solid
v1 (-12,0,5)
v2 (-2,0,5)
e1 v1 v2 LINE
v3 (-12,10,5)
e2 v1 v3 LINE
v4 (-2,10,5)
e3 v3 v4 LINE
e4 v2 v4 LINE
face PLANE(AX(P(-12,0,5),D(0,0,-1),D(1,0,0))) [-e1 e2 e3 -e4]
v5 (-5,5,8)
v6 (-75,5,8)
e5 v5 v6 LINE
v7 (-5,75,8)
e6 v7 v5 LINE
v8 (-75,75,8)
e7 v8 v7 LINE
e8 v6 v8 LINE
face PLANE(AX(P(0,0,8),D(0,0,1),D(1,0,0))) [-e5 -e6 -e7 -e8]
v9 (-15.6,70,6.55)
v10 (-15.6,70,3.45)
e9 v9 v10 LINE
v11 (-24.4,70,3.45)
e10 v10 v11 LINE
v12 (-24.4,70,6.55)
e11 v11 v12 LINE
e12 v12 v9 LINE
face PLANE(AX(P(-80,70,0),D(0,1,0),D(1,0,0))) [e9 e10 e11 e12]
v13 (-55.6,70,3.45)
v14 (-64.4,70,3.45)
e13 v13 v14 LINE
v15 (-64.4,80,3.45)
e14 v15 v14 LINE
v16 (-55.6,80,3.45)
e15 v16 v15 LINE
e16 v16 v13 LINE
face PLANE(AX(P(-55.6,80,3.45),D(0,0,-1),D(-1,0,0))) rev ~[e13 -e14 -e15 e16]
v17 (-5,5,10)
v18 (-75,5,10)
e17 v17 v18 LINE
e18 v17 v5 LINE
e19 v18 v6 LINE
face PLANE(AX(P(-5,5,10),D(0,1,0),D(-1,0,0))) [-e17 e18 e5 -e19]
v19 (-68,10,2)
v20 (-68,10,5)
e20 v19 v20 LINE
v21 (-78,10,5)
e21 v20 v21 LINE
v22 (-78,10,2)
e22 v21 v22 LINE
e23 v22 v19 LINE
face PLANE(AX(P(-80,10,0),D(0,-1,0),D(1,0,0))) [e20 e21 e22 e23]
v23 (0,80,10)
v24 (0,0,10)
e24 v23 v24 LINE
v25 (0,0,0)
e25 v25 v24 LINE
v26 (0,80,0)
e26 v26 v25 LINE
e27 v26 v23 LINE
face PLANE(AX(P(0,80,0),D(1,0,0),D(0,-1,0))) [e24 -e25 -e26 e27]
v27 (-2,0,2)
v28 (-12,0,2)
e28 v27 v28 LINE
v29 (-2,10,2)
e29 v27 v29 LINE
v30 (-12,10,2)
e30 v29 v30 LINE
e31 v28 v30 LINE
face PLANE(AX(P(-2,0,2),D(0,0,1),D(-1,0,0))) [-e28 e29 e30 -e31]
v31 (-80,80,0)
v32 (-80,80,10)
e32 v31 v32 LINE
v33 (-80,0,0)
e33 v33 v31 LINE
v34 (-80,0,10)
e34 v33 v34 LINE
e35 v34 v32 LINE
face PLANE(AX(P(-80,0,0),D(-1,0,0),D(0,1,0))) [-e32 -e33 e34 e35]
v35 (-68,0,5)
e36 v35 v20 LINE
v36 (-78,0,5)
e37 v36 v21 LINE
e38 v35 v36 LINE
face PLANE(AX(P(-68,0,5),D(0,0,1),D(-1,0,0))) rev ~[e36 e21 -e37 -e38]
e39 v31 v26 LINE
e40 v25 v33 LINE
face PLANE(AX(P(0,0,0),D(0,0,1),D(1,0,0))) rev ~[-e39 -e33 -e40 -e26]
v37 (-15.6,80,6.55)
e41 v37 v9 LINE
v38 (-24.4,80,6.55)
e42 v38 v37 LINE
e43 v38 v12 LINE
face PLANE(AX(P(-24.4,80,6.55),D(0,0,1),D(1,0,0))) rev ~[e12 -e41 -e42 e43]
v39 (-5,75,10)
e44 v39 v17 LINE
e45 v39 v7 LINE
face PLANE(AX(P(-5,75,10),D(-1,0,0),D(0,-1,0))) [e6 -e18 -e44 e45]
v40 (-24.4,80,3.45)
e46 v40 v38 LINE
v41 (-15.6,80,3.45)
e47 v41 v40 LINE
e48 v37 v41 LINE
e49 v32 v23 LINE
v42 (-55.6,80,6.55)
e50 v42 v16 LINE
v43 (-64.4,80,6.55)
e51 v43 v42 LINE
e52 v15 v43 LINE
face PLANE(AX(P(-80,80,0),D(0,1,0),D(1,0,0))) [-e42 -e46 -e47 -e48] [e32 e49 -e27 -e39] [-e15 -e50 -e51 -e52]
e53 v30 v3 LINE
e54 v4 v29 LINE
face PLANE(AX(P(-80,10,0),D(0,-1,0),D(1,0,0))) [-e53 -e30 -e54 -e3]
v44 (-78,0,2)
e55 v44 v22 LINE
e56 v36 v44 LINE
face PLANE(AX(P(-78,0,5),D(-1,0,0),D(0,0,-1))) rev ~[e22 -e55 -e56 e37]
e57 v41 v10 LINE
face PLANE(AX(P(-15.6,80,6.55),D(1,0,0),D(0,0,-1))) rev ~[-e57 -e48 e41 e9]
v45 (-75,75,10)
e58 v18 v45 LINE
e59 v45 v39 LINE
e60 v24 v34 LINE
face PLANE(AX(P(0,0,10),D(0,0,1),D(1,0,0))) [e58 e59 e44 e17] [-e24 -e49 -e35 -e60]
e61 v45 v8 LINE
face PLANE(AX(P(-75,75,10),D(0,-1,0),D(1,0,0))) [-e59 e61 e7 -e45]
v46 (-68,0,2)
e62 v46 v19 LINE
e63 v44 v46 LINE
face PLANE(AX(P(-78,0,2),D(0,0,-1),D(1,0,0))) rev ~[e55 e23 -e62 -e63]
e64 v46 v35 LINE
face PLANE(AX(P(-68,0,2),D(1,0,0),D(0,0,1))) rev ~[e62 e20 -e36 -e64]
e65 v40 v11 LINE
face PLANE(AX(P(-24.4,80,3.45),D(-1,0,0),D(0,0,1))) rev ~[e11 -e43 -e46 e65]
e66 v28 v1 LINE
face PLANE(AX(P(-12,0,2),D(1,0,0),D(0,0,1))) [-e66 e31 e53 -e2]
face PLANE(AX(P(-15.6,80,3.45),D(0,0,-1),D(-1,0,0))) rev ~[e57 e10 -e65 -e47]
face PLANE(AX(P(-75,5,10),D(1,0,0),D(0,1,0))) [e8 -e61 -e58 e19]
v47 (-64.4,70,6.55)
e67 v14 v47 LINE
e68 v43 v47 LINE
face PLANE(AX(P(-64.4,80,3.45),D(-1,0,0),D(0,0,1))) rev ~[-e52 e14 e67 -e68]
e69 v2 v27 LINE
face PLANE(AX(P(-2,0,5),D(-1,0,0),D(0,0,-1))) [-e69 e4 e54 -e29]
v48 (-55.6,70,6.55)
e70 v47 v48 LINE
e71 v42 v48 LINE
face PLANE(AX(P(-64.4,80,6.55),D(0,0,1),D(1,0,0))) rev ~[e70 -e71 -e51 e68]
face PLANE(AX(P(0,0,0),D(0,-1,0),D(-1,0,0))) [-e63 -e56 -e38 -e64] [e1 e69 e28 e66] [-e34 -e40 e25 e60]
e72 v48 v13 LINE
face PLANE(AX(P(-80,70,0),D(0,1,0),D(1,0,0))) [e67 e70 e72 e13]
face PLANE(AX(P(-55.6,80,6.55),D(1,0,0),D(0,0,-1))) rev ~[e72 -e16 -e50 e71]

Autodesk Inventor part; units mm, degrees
ref_plane "YZ Plane" through (0, 0, 0) normal (1, 0, 0) x (0, 1, 0)
ref_plane "XZ Plane" through (0, 0, 0) normal (0, 1, 0) x (-1, 0, 0)
ref_plane "XY Plane" through (0, 0, 0) normal (0, 0, 1) x (1, 0, 0)
sketch "Sketch1" plane through (0, 0, 0) normal (0, 0, 1) x (1, 0, 0)
  line L0 (0, 0) -> (-80, 0)
  line L1 (-80, 0) -> (-80, 80)
  line L2 (-80, 80) -> (0, 80)
  line L3 (0, 80) -> (0, 0)
  line L4 (-75, 75) -> (-5, 75)
  line L5 (-5, 75) -> (-5, 5)
  line L6 (-5, 5) -> (-75, 5)
  line L7 (-75, 5) -> (-75, 75)
  dimension "d0" = 80
  dimension "d1" = 80
  dimension "d2" = 70
  dimension "d3" = 70
extrude "Extrusion1" add sketch "Sketch1" along normal blind 10 contours L0 L1 L2 L3 | L4 L5 L6 L7
sketch "Sketch2" plane through (-80, 80, 0) normal (0, 1, 0) x (1, 0, 0)
  line L0 (24.4, -3.45) -> (15.6, -3.45)
  line L1 (15.6, -3.45) -> (15.6, -6.55)
  line L2 (15.6, -6.55) -> (24.4, -6.55)
  line L3 (24.4, -6.55) -> (24.4, -3.45)
  line L4 (64.4, -3.45) -> (55.6, -3.45)
  line L5 (55.6, -3.45) -> (55.6, -6.55)
  line L6 (55.6, -6.55) -> (64.4, -6.55)
  line L7 (64.4, -6.55) -> (64.4, -3.45)
  point P0 (80, 0)
  point P1 (20, -5)
  point P2 (60, -5)
  dimension "d8" = 8.8
  dimension "d9" = 3.1
  dimension "d12" = 8.8
  dimension "d13" = 3.1
extrude "Extrusion2" cut sketch "Sketch2" against normal blind 10
sketch "Sketch4" plane through (0, 0, 10) normal (0, 0, 1) x (1, 0, 0)
  line L0 (-5, 5) -> (-75, 5)
  line L1 (-75, 5) -> (-75, 75)
  line L2 (-75, 75) -> (-5, 75)
  line L3 (-5, 75) -> (-5, 5)
  point P0 (0, 0)
  dimension "d21" = 70
  dimension "d22" = 70
extrude "Extrusion3" cut sketch "Sketch4" against normal blind 2
sketch "Sketch5" plane through (-80, 0, 0) normal (0, -1, 0) x (1, 0, 0)
  line L0 (2, 2) -> (12, 2)
  line L1 (12, 2) -> (12, 5)
  line L2 (12, 5) -> (2, 5)
  line L3 (2, 5) -> (2, 2)
  line L4 (78, 2) -> (68, 2)
  line L5 (68, 2) -> (68, 5)
  line L6 (68, 5) -> (78, 5)
  line L7 (78, 5) -> (78, 2)
  point P0 (80, 0)
  dimension "d25" = 10
  dimension "d26" = 3
  dimension "d27" = 10
  dimension "d28" = 3
extrude "Extrusion4" cut sketch "Sketch5" against normal blind 10
properties part number "Marker_TestFit"
